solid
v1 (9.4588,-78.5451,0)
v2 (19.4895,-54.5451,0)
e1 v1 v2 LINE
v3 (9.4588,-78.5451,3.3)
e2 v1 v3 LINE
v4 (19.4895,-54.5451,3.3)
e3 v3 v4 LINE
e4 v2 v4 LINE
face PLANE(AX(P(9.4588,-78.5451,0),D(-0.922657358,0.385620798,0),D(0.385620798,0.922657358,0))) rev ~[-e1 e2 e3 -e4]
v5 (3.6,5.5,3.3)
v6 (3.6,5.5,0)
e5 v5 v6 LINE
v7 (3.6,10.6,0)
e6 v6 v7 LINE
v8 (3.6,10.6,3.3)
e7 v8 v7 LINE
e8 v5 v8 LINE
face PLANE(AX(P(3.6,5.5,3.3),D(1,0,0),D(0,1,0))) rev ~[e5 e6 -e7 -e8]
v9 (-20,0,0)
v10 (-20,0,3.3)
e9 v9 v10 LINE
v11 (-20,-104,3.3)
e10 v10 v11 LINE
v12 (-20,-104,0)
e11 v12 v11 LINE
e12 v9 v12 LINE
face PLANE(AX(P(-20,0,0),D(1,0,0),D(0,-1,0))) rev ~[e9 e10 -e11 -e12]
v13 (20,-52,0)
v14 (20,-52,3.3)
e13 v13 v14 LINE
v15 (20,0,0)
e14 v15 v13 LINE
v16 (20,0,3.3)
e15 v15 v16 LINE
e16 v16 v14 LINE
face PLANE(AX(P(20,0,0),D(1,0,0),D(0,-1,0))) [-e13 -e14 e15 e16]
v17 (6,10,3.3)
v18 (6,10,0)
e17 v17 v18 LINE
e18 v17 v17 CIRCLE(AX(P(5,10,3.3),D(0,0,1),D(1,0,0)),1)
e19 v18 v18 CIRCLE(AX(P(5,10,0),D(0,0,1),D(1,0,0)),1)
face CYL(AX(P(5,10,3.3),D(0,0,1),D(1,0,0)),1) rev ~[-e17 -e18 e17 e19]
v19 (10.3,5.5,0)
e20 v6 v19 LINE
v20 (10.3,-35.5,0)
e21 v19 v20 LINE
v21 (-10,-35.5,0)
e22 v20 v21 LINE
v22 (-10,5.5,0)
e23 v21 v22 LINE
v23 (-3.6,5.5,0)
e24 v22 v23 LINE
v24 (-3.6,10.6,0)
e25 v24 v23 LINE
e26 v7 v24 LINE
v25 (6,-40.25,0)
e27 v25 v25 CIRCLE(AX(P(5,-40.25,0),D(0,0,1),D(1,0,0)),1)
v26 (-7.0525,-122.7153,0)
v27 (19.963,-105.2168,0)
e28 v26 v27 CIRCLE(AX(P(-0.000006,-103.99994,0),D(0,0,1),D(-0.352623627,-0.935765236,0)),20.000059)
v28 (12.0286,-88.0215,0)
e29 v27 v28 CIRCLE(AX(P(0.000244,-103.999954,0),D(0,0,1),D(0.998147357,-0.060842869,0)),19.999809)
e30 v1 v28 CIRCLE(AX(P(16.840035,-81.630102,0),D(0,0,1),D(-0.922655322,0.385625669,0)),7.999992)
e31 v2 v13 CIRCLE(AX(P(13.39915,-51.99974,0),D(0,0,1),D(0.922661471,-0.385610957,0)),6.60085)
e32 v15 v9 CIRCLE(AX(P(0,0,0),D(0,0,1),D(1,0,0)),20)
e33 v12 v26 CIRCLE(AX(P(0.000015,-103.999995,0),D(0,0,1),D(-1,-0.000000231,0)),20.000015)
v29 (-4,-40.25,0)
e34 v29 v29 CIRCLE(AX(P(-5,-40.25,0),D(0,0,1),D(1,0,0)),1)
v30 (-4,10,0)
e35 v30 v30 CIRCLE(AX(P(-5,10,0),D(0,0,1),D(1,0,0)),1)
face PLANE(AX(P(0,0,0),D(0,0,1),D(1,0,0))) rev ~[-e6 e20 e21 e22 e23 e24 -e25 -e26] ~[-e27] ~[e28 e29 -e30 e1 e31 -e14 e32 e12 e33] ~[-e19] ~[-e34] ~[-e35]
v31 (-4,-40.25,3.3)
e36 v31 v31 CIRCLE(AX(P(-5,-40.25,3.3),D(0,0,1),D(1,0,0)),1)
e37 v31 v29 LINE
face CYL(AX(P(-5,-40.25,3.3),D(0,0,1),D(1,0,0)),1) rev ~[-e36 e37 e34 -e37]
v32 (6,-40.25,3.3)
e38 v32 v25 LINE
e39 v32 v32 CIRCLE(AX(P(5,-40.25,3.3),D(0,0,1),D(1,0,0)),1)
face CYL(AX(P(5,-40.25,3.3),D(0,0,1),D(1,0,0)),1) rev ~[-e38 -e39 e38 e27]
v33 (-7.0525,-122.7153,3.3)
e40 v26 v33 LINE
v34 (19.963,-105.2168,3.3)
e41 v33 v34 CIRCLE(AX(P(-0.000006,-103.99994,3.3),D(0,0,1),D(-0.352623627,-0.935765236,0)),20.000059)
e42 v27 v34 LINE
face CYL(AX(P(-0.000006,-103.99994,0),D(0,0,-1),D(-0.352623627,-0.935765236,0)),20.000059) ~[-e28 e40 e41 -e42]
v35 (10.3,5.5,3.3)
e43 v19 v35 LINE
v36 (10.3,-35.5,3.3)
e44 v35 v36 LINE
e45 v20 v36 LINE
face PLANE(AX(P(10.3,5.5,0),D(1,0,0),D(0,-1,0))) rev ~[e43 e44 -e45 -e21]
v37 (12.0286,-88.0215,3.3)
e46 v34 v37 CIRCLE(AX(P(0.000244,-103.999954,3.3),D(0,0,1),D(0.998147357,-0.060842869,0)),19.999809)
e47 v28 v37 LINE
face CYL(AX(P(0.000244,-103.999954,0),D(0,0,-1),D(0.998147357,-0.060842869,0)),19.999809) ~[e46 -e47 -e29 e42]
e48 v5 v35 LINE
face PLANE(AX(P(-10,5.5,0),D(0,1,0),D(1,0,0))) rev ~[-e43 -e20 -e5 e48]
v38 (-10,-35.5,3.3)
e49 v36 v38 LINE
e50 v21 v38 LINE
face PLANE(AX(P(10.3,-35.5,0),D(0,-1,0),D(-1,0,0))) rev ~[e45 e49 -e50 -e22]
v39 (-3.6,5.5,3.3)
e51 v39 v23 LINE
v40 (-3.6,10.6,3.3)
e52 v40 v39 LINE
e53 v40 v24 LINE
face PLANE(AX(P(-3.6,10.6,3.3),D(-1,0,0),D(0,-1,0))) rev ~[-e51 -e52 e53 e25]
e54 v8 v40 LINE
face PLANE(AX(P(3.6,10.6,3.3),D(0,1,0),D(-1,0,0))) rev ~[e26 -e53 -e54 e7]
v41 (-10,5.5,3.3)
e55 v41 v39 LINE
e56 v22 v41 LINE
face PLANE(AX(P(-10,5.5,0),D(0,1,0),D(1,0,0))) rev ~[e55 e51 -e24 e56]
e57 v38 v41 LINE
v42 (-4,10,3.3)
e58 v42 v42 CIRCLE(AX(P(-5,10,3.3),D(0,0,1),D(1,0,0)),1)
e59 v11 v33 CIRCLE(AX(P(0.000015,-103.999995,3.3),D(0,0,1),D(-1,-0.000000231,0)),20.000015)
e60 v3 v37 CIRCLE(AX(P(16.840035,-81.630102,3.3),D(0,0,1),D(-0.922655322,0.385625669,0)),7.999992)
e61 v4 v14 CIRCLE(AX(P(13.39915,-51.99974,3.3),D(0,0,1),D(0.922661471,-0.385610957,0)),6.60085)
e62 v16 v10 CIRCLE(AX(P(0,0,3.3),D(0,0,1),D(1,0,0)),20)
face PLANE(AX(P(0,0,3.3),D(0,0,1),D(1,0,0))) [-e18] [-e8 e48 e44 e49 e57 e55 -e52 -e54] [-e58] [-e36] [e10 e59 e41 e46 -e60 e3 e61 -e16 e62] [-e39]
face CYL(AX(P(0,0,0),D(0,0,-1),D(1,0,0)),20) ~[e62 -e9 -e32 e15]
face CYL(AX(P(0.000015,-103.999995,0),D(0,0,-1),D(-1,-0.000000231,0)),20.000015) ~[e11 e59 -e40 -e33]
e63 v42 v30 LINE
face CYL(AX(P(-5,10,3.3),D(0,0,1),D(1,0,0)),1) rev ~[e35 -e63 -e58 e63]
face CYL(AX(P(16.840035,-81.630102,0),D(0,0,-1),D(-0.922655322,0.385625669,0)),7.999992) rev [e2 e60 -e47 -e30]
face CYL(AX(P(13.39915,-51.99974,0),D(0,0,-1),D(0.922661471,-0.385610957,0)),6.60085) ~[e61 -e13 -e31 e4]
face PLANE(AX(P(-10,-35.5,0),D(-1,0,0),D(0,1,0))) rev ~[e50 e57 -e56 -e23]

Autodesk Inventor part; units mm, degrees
ref_plane "YZ Plane" through (0, 0, 0) normal (1, 0, 0) x (0, 1, 0)
ref_plane "XZ Plane" through (0, 0, 0) normal (0, 1, 0) x (-1, 0, 0)
ref_plane "XY Plane" through (0, 0, 0) normal (0, 0, 1) x (1, 0, 0)
sketch "Sketch1" plane through (0, 0, 0) normal (0, 0, 1) x (1, 0, 0)
  arc A0 (20, 0) -> (-20, 0) centre (0, 0) ccw
  line L0 (-20, 0) -> (-20, -104)
  line L1 (20, 0) -> (20, -52)
  arc A1 (19.4895, -54.5451) -> (20, -52) centre (13.4, -52) ccw
  arc A2 (-20, -104) -> (-7.0525, -122.7153) centre (0, -104) ccw
  arc A3 (-7.0525, -122.7153) -> (19.963, -105.2168) centre (0, -104) ccw
  arc A4 (19.963, -105.2168) -> (12.0286, -88.0215) centre (0, -104) ccw
  arc A5 (9.4588, -78.5451) -> (12.0286, -88.0215) centre (16.84, -81.6301) ccw
  line L2 (9.4588, -78.5451) -> (19.4895, -54.5451)
  line L3 (-10, 5.5) -> (10.3, 5.5)
  line L4 (10.3, 5.5) -> (10.3, -35.5)
  line L5 (10.3, -35.5) -> (-10, -35.5)
  line L6 (-10, -35.5) -> (-10, 5.5)
  dimension "d3" = 20
  dimension "d5" = 52
  dimension "d6" = 20
  dimension "d7" = 20
  dimension "d8" = 8
  dimension "d10" = 6.6
  dimension "d11" = 24
  dimension "d17" = 20.3
  dimension "d18" = 41
  dimension "d19" = 10
  dimension "d20" = 104
  dimension "d30" = 5.5
extrude "Extrusion1" add sketch "Sketch1" along normal blind 3.3
sketch "Sketch2" plane through (0, 0, 3.3) normal (0, 0, 1) x (1, 0, 0)
  line L0 (-10, 5.5) -> (10.3, 5.5) projected
  line L1 (10.3, -35.5) -> (-10, -35.5) projected
  circle A0 centre (-5, 10) radius 1
  circle A1 centre (-5, -40.25) radius 1
  line L2 (-10, -35.5) -> (-10, 5.5) projected
  line L3 (10.3, 5.5) -> (10.3, -35.5) projected
  circle A2 centre (5, 10) radius 1
  circle A3 centre (5, -40.25) radius 1
  point P0 (0, 0)
  dimension "d31" = 2
  dimension "d32" = 2
  dimension "d34" = 4.5
  dimension "d36" = 4.75
  dimension "d65" = 5
  dimension "d66" = 10
  dimension "d67" = 5
  dimension "d68" = 10
extrude "Extrusion2" cut sketch "Sketch2" against normal blind 4.5 contours A0 | A1 | A2 | A3
sketch "Sketch3" plane through (0, 0, 3.3) normal (0, 0, 1) x (1, 0, 0)
  line L0 (-20, 0) -> (-20, -104) projected
  line L1 (10.3, 5.5) -> (10.3, -35.5) projected
  line L2 (10.3, -35.5) -> (-10, -35.5) projected
  line L3 (-10, -35.5) -> (-10, 5.5) projected
  line L4 (-10, 5.5) -> (10.3, 5.5) projected
  line L5 (-20, 0) -> (-20, -104) projected
  arc A0 (-20, -104) -> (12.0286, -88.0215) centre (0, -104) ccw projected
  arc A1 (9.4588, -78.5451) -> (12.0286, -88.0215) centre (16.84, -81.6301) ccw projected
  line L6 (9.4588, -78.5451) -> (19.4895, -54.5451) projected
  arc A2 (19.4895, -54.5451) -> (20, -52) centre (13.4, -52) ccw projected
  line L7 (20, -52) -> (20, 0) projected
  arc A3 (20, 0) -> (-20, 0) centre (0, 0) ccw projected
  line L8 (-15, -86) -> (-15, -56)
  line L9 (15, -45.2979) -> (15, -53.2979)
  line L10 (15, -53.2979) -> (4.448, -78.5451)
  line L11 (4.448, -78.5451) -> (-15, -86)
  line L12 (9.4588, -78.5451) -> (19.4895, -54.5451) projected
  line L13 (-15, -94.5676) -> (-15, -104)
  arc A4 (-15, -104) -> (9.0215, -92.0161) centre (0, -104) ccw
  arc A5 (-20, -104) -> (12.0286, -88.0215) centre (0, -104) ccw projected
  arc A6 (4.9629, -86.9153) -> (9.0215, -92.0161) centre (16.84, -81.6301) ccw
  arc A7 (9.4588, -78.5451) -> (12.0286, -88.0215) centre (16.84, -81.6301) ccw projected
  line L14 (4.9629, -86.9153) -> (-15, -94.5676)
  line L15 (-15, -56) -> (15, -45.2979)
  line L16 (-15, -50.6914) -> (15, -39.9893)
  line L17 (15, -39.9893) -> (15, -36.8041)
  line L18 (15, -36.8041) -> (-15, -47.5062)
  line L19 (-15, -47.5062) -> (-15, -50.6914)
  point P0 (19.8711, -53.2979)
  dimension "d45" = 5
  dimension "d46" = 5
  dimension "d48" = 8
  dimension "d49" = 18
  dimension "d52" = 5
  dimension "d54" = 3
  dimension "d56" = 30
  dimension "d57" = 8
sketch "Sketch4" plane through (0, 0, 3.3) normal (0, 0, 1) x (1, 0, 0)
  line L0 (10.3, 5.5) -> (-10, 5.5) projected
  line L1 (-3.6, 5.5) -> (3.6, 5.5)
  line L2 (3.6, 5.5) -> (3.6, 10.6)
  line L3 (3.6, 10.6) -> (-3.6, 10.6)
  line L4 (-3.6, 10.6) -> (-3.6, 5.5)
  line L5 (-10, -35.5) -> (-10, 5.5) projected
  line L6 (10.3, 5.5) -> (10.3, -35.5) projected
  point P0 (0, 0)
  dimension "d71" = 5.1
  dimension "d72" = 7.2
  dimension "d73" = 6.4
extrude "Extrusion6" cut sketch "Sketch4" against normal blind 10
equation "\"d3\" = radio_muslo"
equation "\"d6\" = radio_muslo"
equation "\"d7\" = d6"
equation "\"d19\" = 0.5 * base_servo"
equation "\"d20\" = 2 * d5"
equation "\"d22\" = espesor"
equation "\"d31\" = agujero_servo"
equation "\"d32\" = agujero_servo"
equation "\"d36\" = distancia_agujero_servo"
equation "\"espesor\" = 3.3"
equation "\"radio_muslo\" = 20"
equation "\"agujero_servo\" = 2"
equation "\"distancia_agujero_servo\" = 4.75"
equation "\"base_servo\" = 20"
properties part number "Pata - Brazo" material "ABS Plastic"
